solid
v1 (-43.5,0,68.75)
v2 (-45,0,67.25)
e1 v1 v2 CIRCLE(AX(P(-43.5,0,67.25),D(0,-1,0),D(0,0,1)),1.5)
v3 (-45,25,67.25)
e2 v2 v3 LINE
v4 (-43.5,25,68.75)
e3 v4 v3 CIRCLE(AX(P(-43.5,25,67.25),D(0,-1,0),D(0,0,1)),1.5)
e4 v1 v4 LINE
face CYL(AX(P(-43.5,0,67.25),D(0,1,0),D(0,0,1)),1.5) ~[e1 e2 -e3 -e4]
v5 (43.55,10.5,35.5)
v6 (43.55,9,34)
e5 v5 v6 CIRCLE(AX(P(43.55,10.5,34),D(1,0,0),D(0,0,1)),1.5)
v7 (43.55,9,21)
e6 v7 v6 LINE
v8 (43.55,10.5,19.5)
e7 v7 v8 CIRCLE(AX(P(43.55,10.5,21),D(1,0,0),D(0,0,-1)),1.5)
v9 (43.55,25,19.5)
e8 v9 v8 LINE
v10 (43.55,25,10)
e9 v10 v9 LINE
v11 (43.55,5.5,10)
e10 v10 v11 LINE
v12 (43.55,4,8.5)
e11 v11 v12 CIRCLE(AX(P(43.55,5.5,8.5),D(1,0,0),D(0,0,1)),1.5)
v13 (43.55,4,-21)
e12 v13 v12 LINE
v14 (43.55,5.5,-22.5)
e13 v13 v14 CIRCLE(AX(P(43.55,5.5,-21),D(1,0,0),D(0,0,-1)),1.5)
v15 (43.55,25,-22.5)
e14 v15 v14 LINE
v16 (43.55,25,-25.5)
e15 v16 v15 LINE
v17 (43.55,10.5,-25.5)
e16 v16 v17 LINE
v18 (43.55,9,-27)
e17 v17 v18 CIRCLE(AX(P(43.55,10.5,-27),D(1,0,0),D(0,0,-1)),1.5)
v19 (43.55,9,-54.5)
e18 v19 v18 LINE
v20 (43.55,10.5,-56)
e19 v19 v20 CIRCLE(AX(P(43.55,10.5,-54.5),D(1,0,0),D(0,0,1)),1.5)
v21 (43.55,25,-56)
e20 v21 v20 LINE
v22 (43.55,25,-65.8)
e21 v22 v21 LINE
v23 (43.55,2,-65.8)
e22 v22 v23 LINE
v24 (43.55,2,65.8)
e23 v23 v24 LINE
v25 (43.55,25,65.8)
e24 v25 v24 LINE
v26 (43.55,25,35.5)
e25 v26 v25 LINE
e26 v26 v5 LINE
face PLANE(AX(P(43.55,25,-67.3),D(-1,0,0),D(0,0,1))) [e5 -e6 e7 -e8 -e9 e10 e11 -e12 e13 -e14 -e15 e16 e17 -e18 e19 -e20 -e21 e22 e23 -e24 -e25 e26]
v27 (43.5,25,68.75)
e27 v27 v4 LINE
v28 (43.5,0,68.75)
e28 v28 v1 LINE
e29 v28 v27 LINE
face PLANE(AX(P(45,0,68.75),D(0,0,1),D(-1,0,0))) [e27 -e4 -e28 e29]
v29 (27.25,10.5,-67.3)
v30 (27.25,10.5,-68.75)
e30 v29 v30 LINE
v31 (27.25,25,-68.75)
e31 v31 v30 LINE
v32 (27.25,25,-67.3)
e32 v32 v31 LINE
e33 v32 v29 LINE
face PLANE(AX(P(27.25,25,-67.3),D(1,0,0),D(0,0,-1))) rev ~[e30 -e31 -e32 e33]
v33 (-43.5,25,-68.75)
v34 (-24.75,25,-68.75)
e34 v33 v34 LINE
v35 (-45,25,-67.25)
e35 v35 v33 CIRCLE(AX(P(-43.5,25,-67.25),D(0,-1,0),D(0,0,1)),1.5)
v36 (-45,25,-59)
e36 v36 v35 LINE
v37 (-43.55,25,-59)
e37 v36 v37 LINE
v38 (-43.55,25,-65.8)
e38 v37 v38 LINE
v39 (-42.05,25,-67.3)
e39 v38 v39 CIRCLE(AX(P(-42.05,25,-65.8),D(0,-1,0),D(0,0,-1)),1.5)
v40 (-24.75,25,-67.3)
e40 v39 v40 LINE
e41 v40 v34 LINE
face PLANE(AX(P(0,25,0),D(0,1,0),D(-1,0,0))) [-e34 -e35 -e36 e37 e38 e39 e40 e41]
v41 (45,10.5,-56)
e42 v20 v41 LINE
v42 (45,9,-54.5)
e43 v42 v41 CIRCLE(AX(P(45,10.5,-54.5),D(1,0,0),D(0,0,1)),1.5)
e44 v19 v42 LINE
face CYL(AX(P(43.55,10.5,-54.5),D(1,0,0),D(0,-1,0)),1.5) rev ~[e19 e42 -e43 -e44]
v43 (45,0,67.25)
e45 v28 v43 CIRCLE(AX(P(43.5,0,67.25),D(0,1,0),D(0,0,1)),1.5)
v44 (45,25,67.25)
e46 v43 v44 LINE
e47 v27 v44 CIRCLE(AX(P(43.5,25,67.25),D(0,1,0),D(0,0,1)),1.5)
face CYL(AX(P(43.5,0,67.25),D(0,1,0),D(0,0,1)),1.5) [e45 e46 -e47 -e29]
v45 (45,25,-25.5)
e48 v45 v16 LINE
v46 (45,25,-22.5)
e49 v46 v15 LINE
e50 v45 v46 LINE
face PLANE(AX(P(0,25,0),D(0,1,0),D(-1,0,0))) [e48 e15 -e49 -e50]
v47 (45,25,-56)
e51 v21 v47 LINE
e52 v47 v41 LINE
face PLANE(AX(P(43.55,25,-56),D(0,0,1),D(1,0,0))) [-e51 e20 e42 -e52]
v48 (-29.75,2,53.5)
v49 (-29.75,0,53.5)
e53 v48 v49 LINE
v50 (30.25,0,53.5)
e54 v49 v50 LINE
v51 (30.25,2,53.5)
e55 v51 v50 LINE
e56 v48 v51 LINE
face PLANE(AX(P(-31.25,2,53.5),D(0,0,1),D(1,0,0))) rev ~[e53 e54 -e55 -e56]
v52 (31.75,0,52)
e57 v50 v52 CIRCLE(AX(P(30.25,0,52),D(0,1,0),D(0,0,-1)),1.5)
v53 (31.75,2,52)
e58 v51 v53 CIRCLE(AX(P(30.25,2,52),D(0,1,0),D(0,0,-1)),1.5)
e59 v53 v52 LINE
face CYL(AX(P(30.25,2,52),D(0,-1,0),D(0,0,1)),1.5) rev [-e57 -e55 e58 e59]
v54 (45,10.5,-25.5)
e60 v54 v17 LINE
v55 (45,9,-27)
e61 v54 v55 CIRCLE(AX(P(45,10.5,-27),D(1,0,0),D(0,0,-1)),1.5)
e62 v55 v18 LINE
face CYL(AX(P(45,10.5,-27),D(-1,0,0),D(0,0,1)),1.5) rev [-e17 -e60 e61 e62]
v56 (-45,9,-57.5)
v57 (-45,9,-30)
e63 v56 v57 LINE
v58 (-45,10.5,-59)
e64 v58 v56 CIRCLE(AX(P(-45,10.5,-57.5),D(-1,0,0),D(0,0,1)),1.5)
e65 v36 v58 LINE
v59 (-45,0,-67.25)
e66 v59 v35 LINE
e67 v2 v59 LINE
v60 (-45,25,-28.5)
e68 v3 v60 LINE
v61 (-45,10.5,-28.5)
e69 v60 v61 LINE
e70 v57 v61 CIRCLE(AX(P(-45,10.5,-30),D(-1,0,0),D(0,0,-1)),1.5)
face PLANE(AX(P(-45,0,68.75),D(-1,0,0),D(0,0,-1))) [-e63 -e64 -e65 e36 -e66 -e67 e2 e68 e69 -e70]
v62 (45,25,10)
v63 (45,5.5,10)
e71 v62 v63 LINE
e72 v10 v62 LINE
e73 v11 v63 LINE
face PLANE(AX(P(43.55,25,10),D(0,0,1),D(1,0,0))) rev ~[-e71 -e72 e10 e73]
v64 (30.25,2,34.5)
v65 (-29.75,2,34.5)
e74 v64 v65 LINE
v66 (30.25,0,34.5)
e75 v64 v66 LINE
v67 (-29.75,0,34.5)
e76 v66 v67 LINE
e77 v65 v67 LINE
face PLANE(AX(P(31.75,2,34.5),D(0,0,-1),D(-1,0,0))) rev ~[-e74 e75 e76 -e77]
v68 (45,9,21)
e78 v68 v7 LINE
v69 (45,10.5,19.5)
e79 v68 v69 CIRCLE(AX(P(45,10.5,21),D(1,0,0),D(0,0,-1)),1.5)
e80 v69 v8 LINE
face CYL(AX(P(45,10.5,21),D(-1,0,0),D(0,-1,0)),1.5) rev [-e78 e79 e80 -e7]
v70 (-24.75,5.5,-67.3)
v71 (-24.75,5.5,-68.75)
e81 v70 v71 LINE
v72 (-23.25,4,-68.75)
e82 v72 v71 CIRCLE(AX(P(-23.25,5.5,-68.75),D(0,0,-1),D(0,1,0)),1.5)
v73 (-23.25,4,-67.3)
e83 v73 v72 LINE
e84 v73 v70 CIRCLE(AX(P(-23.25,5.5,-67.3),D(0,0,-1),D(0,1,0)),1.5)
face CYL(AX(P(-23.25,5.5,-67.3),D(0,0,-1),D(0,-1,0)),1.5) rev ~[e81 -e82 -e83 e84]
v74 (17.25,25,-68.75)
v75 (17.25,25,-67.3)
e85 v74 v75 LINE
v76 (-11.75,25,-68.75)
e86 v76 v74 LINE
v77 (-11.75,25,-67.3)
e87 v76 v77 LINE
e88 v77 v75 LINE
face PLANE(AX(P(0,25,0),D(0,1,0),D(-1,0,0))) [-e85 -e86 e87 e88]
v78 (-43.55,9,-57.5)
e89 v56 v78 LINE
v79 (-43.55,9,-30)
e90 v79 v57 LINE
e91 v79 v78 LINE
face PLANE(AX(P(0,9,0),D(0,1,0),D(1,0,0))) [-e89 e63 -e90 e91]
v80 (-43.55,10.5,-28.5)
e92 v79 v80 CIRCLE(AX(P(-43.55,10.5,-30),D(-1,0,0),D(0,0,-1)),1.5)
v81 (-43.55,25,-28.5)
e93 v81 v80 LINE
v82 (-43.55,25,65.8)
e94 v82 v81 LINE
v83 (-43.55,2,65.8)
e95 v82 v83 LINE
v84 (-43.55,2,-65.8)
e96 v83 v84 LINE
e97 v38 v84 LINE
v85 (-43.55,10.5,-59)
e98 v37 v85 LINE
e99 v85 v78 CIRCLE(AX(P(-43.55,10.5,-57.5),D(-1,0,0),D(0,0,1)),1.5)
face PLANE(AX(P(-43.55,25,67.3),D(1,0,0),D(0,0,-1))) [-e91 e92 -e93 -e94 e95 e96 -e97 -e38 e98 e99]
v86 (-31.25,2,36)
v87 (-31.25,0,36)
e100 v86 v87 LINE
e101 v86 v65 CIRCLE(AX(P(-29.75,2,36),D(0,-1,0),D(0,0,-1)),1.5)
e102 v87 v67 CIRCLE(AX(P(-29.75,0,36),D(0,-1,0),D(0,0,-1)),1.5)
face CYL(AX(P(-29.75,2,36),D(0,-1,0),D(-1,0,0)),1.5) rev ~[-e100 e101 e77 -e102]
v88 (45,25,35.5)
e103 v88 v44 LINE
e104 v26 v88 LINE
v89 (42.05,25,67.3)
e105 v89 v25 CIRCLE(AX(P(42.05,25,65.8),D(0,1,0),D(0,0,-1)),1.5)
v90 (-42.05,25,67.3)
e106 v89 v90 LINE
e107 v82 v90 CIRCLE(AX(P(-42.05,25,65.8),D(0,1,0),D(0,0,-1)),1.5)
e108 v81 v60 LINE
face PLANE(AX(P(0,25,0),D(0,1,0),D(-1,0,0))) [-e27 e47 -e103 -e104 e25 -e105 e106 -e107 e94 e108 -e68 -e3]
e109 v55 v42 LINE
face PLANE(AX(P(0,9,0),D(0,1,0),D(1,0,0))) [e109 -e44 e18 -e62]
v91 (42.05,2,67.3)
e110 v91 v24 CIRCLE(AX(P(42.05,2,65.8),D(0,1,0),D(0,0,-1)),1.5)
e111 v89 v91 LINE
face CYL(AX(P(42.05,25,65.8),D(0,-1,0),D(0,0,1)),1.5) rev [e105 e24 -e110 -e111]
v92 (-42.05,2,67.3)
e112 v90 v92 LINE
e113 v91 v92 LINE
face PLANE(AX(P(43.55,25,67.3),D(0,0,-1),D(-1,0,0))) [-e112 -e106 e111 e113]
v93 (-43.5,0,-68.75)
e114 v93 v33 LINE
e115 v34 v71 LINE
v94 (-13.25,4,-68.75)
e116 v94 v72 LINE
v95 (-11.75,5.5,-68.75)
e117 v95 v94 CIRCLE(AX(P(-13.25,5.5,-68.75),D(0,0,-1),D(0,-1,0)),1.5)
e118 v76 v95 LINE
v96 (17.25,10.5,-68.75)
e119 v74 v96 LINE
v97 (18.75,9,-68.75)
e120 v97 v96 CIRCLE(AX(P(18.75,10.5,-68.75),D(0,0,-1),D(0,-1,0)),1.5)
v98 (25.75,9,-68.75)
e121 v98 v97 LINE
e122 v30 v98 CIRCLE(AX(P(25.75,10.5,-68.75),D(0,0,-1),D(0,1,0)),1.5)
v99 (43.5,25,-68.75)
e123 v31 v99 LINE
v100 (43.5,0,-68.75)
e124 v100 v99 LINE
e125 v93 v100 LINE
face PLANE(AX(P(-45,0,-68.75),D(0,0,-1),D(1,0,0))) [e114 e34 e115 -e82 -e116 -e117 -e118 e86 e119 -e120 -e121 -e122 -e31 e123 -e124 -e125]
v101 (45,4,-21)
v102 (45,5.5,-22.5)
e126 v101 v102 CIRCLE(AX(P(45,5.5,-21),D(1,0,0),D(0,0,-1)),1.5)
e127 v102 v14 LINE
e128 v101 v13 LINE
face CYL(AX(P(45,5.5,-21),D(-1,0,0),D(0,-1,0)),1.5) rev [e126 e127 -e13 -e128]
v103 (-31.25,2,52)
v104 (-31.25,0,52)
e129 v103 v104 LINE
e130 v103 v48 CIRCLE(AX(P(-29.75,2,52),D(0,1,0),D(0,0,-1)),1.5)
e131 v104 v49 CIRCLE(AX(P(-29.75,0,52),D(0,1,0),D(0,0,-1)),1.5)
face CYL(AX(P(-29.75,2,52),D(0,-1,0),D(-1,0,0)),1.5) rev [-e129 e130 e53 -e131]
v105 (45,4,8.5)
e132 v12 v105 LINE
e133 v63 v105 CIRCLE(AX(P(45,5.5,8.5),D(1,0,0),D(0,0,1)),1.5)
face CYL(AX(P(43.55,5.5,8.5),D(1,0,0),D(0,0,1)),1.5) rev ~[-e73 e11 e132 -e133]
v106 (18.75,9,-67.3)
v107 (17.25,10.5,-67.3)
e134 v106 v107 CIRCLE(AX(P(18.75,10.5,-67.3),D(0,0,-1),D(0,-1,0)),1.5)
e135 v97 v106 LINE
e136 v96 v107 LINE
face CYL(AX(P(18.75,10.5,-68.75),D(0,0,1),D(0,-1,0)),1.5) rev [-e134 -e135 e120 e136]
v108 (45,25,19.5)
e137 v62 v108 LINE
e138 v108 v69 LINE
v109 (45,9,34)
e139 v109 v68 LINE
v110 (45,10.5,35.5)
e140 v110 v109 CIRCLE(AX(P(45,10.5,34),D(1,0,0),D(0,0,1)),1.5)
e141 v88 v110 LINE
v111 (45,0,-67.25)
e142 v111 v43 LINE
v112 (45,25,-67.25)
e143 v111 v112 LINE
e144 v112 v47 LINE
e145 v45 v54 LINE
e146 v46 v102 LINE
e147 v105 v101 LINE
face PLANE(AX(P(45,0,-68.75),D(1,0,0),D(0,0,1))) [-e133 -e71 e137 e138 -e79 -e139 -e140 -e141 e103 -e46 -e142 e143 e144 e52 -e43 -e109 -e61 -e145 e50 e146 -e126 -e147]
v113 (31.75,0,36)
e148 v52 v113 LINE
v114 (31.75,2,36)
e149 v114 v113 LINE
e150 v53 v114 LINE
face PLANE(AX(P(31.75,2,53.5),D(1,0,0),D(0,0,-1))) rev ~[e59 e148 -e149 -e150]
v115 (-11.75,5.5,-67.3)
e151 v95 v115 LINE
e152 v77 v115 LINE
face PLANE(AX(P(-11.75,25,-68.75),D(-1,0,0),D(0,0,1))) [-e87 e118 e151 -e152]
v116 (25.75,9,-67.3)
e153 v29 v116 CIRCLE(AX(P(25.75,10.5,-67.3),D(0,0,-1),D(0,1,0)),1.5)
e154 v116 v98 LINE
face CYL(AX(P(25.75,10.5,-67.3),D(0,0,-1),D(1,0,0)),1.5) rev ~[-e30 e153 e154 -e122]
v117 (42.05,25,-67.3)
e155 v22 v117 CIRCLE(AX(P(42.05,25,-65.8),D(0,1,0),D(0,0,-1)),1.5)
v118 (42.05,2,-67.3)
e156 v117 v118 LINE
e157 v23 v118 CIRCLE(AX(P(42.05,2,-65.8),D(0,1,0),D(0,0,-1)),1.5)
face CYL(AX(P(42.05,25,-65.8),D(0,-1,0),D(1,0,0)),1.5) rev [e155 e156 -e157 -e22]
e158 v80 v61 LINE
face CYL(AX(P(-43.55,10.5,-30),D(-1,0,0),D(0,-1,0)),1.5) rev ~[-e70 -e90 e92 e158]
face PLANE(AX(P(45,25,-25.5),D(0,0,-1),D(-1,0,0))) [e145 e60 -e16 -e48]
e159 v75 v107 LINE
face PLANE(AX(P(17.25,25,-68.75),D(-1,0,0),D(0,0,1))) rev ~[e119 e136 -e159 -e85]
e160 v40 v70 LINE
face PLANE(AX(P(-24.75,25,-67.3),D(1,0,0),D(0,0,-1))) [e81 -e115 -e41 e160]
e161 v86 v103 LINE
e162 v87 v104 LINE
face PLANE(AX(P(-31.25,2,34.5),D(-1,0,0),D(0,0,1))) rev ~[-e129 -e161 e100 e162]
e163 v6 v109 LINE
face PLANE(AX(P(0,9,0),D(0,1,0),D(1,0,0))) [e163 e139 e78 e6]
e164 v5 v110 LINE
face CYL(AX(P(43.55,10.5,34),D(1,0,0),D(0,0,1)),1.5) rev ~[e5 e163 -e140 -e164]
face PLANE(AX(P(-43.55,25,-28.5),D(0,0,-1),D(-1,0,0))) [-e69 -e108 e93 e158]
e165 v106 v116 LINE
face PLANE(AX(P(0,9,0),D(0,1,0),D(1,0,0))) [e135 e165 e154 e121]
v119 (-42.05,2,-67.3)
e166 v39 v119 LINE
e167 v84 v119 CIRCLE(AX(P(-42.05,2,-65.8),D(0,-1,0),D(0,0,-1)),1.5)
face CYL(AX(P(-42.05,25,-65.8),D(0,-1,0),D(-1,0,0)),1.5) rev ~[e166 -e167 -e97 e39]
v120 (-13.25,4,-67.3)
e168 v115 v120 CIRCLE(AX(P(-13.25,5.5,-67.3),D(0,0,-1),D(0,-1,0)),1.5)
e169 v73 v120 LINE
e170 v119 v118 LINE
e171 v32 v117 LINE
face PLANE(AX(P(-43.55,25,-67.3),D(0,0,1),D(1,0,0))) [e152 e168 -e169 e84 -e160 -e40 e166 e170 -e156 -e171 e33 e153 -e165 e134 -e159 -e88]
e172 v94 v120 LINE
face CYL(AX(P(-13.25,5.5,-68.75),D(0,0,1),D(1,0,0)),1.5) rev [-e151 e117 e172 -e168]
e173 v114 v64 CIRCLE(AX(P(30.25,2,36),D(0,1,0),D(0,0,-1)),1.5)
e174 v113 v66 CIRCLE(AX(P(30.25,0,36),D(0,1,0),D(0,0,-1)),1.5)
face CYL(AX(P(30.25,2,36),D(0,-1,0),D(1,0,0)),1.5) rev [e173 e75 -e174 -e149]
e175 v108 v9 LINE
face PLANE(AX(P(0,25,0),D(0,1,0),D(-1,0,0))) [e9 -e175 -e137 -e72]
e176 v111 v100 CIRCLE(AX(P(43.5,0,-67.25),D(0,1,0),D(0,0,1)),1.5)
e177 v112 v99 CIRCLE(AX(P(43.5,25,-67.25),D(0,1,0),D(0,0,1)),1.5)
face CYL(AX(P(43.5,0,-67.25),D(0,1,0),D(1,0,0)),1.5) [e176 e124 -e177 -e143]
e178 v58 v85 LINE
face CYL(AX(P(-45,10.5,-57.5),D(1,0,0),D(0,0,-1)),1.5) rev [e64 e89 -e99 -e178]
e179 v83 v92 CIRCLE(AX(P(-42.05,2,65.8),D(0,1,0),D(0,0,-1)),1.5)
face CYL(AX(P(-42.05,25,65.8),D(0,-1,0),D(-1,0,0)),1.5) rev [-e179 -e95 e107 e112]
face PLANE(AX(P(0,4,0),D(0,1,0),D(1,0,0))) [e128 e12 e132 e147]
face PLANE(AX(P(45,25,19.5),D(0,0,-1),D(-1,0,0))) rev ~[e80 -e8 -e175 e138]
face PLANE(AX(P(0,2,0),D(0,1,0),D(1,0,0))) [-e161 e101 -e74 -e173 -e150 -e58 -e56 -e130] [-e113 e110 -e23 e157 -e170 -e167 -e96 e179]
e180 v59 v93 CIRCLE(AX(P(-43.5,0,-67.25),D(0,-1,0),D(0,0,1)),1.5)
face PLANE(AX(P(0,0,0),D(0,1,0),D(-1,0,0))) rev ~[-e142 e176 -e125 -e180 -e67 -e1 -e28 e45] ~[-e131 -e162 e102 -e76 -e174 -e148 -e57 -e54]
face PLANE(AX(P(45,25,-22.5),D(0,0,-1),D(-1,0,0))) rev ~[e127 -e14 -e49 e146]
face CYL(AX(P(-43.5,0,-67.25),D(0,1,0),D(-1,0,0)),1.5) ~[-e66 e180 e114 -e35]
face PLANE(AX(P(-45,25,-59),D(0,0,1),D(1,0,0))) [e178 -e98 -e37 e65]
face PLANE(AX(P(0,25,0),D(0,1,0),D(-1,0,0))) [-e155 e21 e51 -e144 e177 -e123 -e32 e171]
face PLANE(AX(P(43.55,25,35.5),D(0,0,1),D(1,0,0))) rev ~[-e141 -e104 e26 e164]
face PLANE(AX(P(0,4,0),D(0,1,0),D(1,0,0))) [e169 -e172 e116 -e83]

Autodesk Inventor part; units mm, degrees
ref_plane "YZ Plane" through (0, 0, 0) normal (1, 0, 0) x (0, 1, 0)
ref_plane "XZ Plane" through (0, 0, 0) normal (0, 1, 0) x (-1, 0, 0)
ref_plane "XY Plane" through (0, 0, 0) normal (0, 0, 1) x (1, 0, 0)
sketch "Sketch1" plane through (0, 0, 0) normal (0, 1, 0) x (-1, 0, 0)
  line L0 (-45, 68.75) -> (45, 68.75)
  line L1 (45, 68.75) -> (45, -68.75)
  line L2 (45, -68.75) -> (-45, -68.75)
  line L3 (-45, -68.75) -> (-45, 68.75)
  line L4 (-45, 68.75) -> (45, -68.75) construction
  line L5 (45, 68.75) -> (-45, -68.75) construction
  point P0 (0, 0)
  dimension "d0" = 137.5
  dimension "d1" = 90
extrude "Extrusion1" add sketch "Sketch1" along normal blind 25
sketch "Sketch2" plane through (0, 25, 0) normal (0, 1, 0) x (1, 0, 0)
  line L0 (43.55, -67.3) -> (-43.55, -67.3)
  line L1 (-43.55, -67.3) -> (-43.55, 67.3)
  line L2 (-43.55, 67.3) -> (43.55, 67.3)
  line L3 (43.55, 67.3) -> (43.55, -67.3)
  line L4 (43.55, -67.3) -> (-43.55, 67.3) construction
  line L5 (-43.55, -67.3) -> (43.55, 67.3) construction
  point P0 (0, 0)
  dimension "d4" = 134.6
  dimension "d5" = 87.1
extrude "Extrusion2" cut sketch "Sketch2" against normal blind 23
sketch "Sketch4" plane through (0, 25, 0) normal (0, 1, 0) x (1, 0, 0)
  line L0 (-45, 68.75) -> (-45, -68.75) projected
  line L1 (-43.55, -67.3) -> (-43.55, 67.3) projected
  line L2 (-45, 59) -> (-43.55, 59)
  line L3 (-43.55, 59) -> (-43.55, 28.5)
  line L4 (-43.55, 28.5) -> (-45, 28.5)
  line L5 (-45, 28.5) -> (-45, 59)
  line L6 (41.75, -65.5) -> (-41.75, -65.5)
  line L7 (-41.75, -65.5) -> (-41.75, 65.5)
  line L8 (-41.75, 65.5) -> (41.75, 65.5)
  line L9 (41.75, 65.5) -> (41.75, -65.5)
  line L10 (41.75, -65.5) -> (-41.75, 65.5) construction
  line L11 (-41.75, -65.5) -> (41.75, 65.5) construction
  line L12 (-43.55, 67.3) -> (43.55, 67.3) projected
  line L13 (45, 68.75) -> (-45, 68.75) projected
  line L14 (17.25, 67.3) -> (27.25, 67.3)
  line L15 (27.25, 67.3) -> (27.25, 68.75)
  line L16 (27.25, 68.75) -> (17.25, 68.75)
  line L17 (17.25, 68.75) -> (17.25, 67.3)
  line L18 (43.55, 67.3) -> (43.55, -67.3) projected
  line L19 (45, -68.75) -> (45, 68.75) projected
  line L20 (43.55, 56) -> (45, 56)
  line L21 (45, 56) -> (45, 25.5)
  line L22 (45, 25.5) -> (43.55, 25.5)
  line L23 (43.55, 25.5) -> (43.55, 56)
  line L24 (43.55, -35.5) -> (45, -35.5)
  line L25 (45, -35.5) -> (45, -19.5)
  line L26 (45, -19.5) -> (43.55, -19.5)
  line L27 (43.55, -19.5) -> (43.55, -35.5)
  point P0 (0, 0)
  point P1 (45, 56)
  dimension "d10" = 30.5
  dimension "d11" = 131
  dimension "d12" = 83.5
  dimension "d13" = 6.5
  dimension "d16" = 10
  dimension "d17" = 14.5
  dimension "d18" = 30.5
  dimension "d19" = 9.5
  dimension "d20" = 30
  dimension "d21" = 16
extrude "Extrusion4" cut sketch "Sketch4" against normal blind 16 contours L2 L1 L4 L0 | L13 L15 L12 L17 | L19 L22 L18 L20 | L19 L24 L18 L26
sketch "Sketch5" plane through (0, 25, 0) normal (0, 1, 0) x (1, 0, 0)
  line L0 (41.75, -65.5) -> (-41.75, -65.5)
  line L1 (-41.75, -65.5) -> (-41.75, 65.5)
  line L2 (-41.75, 65.5) -> (41.75, 65.5)
  line L3 (41.75, 65.5) -> (41.75, -65.5)
  line L4 (41.75, -65.5) -> (-41.75, 65.5) construction
  line L5 (-41.75, -65.5) -> (41.75, 65.5) construction
  line L6 (43.55, 25.5) -> (43.55, -19.5) projected
  line L7 (45, -19.5) -> (45, 25.5) projected
  line L8 (43.55, -10) -> (45, -10)
  line L9 (45, -10) -> (45, 22.5)
  line L10 (45, 22.5) -> (43.55, 22.5)
  line L11 (43.55, 22.5) -> (43.55, -10)
  line L12 (-43.55, 67.3) -> (43.55, 67.3) projected
  line L13 (45, 68.75) -> (-45, 68.75) projected
  line L14 (-11.75, 67.3) -> (-24.75, 67.3)
  line L15 (-24.75, 67.3) -> (-24.75, 68.75)
  line L16 (-24.75, 68.75) -> (-11.75, 68.75)
  line L17 (-11.75, 68.75) -> (-11.75, 67.3)
  point P0 (0, 0)
  point P1 (43.55, 22.5)
  dimension "d26" = 131
  dimension "d27" = 83.5
  dimension "d28" = 55.5
  dimension "d29" = 32.5
  dimension "d43" = 13
  dimension "d44" = 17
extrude "Extrusion5" cut sketch "Sketch5" against normal blind 21 contours L10 L7 L8 L6 | L15 L13 L17 L12
sketch "Sketch6" plane through (0, 2, 0) normal (0, 1, 0) x (1, 0, 0)
  line L0 (41.75, -67.5) -> (-41.75, -67.5)
  line L1 (-41.75, -67.5) -> (-41.75, 67.5)
  line L2 (-41.75, 67.5) -> (41.75, 67.5)
  line L3 (41.75, 67.5) -> (41.75, -67.5)
  line L4 (41.75, -67.5) -> (-41.75, 67.5) construction
  line L5 (-41.75, -67.5) -> (41.75, 67.5) construction
  line L6 (-31.25, -53.5) -> (31.75, -53.5)
  line L7 (31.75, -53.5) -> (31.75, -34.5)
  line L8 (31.75, -34.5) -> (-31.25, -34.5)
  line L9 (-31.25, -34.5) -> (-31.25, -53.5)
  point P0 (0, 0)
  dimension "d32" = 135
  dimension "d33" = 83.5
  dimension "d34" = 19
  dimension "d35" = 63
  dimension "d36" = 10
  dimension "d37" = 14
extrude "Extrusion6" cut sketch "Sketch6" against normal through all contours L9 L8 L7 L6
fillet "Fillet1" radius 1.5 24 edges at (-43.55, 13.5, 67.3) (-43.55, 13.5, -67.3) (43.55, 13.5, -67.3) (43.55, 13.5, 67.3) (-31.25, 1, 34.5) (-31.25, 1, 53.5) (31.75, 1, 53.5) (31.75, 1, 34.5) (-44.275, 9, -28.5) (-44.275, 9, -59) (44.275, 9, 35.5) (44.275, 9, 19.5) (44.275, 4, 10) (44.275, 4, -22.5) (44.275, 9, -25.5) (44.275, 9, -56) (17.25, 9, -68.025) (27.25, 9, -68.025) (-45, 12.5, -68.75) (-45, 12.5, 68.75) (45, 12.5, 68.75) (45, 12.5, -68.75) (-11.75, 4, -68.025) (-24.75, 4, -68.025)
properties part number "BoardCover"
